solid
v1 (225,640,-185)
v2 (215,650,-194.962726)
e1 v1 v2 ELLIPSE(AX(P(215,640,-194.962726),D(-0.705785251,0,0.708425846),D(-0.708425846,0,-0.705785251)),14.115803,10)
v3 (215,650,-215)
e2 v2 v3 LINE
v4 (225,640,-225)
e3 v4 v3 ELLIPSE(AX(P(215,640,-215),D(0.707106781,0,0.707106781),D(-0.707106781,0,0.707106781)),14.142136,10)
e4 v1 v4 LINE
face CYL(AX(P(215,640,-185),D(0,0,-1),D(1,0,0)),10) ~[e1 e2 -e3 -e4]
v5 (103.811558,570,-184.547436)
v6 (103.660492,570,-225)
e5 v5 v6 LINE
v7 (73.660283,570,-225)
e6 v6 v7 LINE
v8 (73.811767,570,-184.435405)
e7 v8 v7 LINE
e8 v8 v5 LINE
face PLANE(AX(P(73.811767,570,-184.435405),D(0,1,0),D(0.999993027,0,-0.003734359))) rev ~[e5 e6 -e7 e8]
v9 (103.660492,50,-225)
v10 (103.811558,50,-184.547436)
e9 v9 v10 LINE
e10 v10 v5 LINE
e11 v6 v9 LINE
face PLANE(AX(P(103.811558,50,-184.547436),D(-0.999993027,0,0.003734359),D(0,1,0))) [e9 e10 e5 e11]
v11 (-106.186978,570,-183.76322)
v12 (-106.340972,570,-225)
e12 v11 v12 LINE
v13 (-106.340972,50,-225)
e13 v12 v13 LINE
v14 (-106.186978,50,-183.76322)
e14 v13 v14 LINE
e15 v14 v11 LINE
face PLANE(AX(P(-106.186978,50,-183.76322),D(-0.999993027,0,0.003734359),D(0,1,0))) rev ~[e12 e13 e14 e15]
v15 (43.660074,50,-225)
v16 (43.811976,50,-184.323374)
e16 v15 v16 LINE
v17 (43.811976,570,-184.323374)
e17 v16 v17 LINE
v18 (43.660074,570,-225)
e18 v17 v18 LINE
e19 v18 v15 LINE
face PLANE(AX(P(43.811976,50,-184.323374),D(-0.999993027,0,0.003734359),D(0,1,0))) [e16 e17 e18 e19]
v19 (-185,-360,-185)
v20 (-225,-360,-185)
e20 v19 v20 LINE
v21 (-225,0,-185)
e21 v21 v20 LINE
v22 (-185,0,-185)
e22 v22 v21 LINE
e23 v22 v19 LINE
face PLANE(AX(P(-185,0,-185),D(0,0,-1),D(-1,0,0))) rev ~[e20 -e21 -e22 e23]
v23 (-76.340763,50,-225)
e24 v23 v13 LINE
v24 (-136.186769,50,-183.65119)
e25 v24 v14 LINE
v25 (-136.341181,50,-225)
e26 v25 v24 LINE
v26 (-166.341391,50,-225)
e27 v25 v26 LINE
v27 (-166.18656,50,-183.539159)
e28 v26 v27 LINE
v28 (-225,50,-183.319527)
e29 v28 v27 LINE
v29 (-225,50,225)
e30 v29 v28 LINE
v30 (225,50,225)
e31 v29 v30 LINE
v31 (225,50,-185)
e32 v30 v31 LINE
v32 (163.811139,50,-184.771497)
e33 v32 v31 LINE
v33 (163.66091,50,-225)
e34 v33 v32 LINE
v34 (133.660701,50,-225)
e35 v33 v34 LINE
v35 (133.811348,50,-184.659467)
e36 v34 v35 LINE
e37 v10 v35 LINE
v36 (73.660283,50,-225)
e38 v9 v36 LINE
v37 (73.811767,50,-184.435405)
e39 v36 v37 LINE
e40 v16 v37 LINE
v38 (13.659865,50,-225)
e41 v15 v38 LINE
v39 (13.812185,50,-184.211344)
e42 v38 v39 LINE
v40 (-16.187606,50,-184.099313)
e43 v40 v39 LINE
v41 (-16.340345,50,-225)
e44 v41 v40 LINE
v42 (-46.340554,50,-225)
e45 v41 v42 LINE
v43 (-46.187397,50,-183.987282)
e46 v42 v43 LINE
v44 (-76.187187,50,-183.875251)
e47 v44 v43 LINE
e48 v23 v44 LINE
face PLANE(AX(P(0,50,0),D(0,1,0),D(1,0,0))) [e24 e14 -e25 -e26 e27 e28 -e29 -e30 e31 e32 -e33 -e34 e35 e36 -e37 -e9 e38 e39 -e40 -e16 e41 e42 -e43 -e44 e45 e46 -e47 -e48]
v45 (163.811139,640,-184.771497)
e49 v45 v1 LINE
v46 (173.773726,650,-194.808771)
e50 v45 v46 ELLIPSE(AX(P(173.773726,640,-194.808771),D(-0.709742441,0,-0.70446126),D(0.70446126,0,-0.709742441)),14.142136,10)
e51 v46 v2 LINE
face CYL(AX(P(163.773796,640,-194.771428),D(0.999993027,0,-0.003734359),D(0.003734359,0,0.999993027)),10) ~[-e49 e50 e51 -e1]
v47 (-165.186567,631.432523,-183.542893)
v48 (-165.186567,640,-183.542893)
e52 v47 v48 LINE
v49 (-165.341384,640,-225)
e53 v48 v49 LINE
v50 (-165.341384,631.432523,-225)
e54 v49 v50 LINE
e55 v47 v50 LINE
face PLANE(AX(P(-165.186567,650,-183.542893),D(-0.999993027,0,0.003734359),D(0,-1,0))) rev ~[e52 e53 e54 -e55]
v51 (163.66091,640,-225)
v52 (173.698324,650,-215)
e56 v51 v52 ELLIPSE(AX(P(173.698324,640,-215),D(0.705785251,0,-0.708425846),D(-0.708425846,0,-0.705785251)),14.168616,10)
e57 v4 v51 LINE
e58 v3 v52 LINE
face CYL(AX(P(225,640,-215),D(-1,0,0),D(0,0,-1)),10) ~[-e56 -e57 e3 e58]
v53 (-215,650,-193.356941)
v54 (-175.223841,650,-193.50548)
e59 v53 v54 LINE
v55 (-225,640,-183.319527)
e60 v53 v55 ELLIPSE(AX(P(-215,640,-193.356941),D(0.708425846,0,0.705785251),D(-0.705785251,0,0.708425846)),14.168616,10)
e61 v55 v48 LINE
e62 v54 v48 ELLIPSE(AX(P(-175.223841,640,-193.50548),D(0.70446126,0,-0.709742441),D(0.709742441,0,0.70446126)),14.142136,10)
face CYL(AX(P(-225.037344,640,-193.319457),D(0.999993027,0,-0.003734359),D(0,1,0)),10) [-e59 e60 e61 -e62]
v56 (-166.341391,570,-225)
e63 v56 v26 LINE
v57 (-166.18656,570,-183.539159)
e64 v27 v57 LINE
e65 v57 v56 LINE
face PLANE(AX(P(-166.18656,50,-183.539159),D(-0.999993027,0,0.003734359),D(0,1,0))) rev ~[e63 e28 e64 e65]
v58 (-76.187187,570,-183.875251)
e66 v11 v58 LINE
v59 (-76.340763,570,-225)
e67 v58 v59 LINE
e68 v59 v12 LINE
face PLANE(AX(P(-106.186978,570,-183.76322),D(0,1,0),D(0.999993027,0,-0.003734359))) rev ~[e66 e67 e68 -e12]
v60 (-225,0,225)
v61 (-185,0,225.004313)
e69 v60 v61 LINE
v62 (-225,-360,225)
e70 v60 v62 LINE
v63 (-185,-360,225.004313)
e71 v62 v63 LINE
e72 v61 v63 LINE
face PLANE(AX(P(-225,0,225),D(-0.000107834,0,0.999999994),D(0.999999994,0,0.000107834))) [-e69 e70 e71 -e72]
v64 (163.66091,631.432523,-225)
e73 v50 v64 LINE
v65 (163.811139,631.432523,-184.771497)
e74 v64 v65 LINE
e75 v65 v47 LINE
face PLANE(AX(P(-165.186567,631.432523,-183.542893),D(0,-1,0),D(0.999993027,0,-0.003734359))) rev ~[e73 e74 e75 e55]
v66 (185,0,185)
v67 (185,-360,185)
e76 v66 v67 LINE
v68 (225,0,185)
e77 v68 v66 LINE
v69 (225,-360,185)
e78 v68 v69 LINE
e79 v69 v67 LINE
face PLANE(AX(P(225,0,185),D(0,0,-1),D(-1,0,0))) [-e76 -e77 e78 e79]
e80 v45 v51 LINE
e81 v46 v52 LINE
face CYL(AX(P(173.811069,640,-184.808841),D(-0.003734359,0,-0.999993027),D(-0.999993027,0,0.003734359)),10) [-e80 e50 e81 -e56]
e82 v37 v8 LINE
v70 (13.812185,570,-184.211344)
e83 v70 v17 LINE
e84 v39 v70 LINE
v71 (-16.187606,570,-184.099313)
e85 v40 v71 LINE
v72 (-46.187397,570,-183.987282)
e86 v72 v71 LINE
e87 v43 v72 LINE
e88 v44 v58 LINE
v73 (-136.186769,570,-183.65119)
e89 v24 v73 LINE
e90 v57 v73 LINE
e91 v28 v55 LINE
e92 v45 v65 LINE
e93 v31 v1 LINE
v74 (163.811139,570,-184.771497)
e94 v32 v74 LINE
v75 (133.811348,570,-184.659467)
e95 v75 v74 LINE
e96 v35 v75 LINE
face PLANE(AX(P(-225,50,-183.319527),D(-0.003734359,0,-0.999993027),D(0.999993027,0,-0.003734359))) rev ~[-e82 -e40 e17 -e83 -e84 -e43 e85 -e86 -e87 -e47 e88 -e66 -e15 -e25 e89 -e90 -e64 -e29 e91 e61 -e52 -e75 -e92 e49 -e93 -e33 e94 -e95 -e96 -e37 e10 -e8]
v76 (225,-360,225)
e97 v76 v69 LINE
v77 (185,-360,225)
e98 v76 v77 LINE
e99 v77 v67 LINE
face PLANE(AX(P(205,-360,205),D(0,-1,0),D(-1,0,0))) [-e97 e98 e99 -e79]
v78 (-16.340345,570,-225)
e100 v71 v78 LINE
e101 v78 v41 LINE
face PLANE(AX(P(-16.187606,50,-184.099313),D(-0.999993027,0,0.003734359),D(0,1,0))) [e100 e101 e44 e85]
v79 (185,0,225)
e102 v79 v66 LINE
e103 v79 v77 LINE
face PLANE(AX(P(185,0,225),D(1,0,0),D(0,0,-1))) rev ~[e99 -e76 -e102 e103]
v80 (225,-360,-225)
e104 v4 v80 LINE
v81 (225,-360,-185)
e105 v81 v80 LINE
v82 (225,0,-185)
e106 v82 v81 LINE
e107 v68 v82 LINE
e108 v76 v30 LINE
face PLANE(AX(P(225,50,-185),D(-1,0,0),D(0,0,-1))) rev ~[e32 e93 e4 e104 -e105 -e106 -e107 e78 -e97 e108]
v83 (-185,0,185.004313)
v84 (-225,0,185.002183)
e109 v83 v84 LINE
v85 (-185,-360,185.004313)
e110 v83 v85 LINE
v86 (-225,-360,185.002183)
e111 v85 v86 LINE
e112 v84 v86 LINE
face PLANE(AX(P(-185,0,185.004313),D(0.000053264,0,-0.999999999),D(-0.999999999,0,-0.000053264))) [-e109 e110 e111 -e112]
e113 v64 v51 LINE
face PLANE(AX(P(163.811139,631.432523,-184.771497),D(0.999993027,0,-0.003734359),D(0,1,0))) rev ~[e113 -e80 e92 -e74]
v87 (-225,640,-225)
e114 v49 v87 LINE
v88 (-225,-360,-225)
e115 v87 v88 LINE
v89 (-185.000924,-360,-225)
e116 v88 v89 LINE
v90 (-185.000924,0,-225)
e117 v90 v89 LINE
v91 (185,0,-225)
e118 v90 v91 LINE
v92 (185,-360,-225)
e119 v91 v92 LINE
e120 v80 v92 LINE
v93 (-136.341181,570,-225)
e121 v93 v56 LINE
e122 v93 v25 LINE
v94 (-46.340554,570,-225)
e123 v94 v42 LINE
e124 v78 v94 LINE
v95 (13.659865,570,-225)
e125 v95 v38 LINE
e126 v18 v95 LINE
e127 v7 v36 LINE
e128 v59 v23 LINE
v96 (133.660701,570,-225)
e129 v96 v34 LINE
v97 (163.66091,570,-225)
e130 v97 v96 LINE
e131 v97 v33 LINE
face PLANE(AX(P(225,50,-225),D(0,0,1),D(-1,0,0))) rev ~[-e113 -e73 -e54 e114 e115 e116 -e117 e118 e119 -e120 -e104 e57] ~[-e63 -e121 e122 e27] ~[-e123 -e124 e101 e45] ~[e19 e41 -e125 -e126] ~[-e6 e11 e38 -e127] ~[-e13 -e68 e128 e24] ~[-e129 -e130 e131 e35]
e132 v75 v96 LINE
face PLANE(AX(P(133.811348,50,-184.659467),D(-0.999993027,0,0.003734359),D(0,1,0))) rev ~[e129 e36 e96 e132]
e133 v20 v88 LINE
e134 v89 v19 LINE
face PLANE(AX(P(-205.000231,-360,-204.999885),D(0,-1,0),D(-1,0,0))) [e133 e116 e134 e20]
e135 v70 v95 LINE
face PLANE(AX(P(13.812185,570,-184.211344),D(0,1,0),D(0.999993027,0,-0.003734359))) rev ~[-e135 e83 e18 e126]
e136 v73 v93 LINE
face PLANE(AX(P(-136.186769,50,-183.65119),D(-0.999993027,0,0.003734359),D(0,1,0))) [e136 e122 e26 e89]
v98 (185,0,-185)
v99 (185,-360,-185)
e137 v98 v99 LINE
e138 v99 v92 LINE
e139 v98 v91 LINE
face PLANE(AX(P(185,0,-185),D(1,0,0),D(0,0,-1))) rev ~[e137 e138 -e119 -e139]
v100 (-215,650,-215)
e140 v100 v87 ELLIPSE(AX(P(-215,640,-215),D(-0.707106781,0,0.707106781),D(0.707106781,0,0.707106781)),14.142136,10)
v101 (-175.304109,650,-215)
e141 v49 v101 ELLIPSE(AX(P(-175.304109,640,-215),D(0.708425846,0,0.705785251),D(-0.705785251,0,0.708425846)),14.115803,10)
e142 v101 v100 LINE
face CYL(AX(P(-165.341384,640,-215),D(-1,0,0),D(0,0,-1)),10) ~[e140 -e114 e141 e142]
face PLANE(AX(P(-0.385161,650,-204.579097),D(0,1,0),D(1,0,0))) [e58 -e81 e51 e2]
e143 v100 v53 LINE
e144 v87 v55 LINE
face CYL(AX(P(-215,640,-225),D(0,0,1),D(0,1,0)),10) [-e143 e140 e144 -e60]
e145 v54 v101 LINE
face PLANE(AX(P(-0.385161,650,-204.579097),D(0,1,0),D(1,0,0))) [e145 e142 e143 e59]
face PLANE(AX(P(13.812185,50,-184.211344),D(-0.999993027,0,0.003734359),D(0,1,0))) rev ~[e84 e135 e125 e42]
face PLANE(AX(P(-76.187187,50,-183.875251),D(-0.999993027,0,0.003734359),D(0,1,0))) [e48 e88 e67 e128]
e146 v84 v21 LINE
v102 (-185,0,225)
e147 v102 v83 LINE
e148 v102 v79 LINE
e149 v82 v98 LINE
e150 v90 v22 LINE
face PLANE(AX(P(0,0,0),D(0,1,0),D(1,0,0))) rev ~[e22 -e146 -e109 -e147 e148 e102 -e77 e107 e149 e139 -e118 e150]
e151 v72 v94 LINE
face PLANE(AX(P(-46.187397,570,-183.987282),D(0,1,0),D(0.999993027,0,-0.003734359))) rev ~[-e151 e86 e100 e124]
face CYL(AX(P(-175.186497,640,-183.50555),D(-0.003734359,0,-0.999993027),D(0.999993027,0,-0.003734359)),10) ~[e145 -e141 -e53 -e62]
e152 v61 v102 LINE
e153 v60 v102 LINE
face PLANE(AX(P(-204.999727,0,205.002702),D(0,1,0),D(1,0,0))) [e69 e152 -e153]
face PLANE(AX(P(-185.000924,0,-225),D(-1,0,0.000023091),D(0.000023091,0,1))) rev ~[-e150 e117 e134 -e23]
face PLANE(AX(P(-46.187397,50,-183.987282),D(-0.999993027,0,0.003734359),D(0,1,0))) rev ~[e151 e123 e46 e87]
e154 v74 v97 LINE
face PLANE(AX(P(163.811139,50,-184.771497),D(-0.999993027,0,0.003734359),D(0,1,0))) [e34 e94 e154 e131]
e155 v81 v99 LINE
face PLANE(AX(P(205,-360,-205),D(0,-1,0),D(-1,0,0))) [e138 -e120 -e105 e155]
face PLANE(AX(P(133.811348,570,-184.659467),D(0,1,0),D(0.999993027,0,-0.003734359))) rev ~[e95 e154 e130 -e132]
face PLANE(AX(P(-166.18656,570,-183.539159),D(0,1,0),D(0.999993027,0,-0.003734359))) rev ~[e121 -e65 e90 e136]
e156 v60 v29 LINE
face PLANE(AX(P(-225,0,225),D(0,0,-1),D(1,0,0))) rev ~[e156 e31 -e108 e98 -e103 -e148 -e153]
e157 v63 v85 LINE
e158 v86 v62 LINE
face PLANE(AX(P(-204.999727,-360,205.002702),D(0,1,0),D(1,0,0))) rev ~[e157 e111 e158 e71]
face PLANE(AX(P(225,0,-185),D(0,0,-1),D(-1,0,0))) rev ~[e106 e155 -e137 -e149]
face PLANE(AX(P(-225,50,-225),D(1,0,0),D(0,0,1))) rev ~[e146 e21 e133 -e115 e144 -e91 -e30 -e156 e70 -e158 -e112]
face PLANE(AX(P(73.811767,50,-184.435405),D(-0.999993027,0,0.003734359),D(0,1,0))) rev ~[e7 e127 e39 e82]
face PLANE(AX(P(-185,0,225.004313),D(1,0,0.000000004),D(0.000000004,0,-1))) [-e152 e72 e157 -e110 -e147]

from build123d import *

# Parameters (mm, degrees)
SKETCH1_W           = 450
SKETCH1_H           = 450
BOSS_EXTRUDE1_DEPTH = 50
SKETCH2_W           = 40
SKETCH2_H           = 40
BOSS_EXTRUDE2_DEPTH = 360
BOSS_EXTRUDE3_DEPTH = 600
SKETCH4_W           = 30
SKETCH4_H           = 520
CUT_EXTRUDE2_DEPTH  = 300
FILLET2_R           = 10
FILLET4_R           = 10


with BuildPart() as part:
    # Sketch1 → Boss-Extrude1 (new body)
    with BuildSketch(Plane(origin=(0, 0, 0), x_dir=(1, 0, 0), z_dir=(0, 1, 0))):
        Rectangle(SKETCH1_W, SKETCH1_H)
    extrude(amount=BOSS_EXTRUDE1_DEPTH)

    # Sketch2 → Boss-Extrude2 (add)
    with BuildSketch(Plane(origin=(0, 0, 0), x_dir=(-1, 0, 0), z_dir=(0, -1, 0))):
        Polygon((225, -225), (185.000000233, -225.004313347), (185.000000057, -185.004313347), (225, -185.002182787), align=None)
        Polygon((185.000923636, 225), (185, 185.000000011), (225, 185.000000011), (225, 225), align=None)
        with Locations((-205, 205)):
            Rectangle(SKETCH2_W, SKETCH2_H)
        with Locations((-205, -205)):
            Rectangle(SKETCH2_W, SKETCH2_H)
    extrude(amount=BOSS_EXTRUDE2_DEPTH)

    # Sketch3 → Boss-Extrude3 (add)
    with BuildSketch(Plane(origin=(0, 50, 0), x_dir=(1, 0, 0), z_dir=(0, 1, 0))):
        Polygon((-225, 225), (-225, 183.319526978), (225, 185.000000043), (225, 225), align=None)
    extrude(amount=BOSS_EXTRUDE3_DEPTH)

    # Sketch4 → Cut-Extrude2 (cut, symmetric)
    with BuildSketch(Plane(origin=(-0.687713792, 0, -184.157195323), x_dir=(0.999993027, 0, -0.003734359), z_dir=(0.003734359, 0, 0.999993027))):
        with Locations((-150.5, 310)):
            Rectangle(SKETCH4_W, SKETCH4_H)
        with Locations((89.5, 310)):
            Rectangle(SKETCH4_W, SKETCH4_H)
        with Locations((-90.5, 310)):
            Rectangle(SKETCH4_W, SKETCH4_H)
        with Locations((-30.5, 310)):
            Rectangle(SKETCH4_W, SKETCH4_H)
        with Locations((149.5, 310)):
            Rectangle(SKETCH4_W, SKETCH4_H)
        with Locations((29.5, 310)):
            Rectangle(SKETCH4_W, SKETCH4_H)
        Polygon((-164.5, 631.432523358), (164.5, 631.432523358), (164.5, 652.515401433), (-164.5, 650), align=None)
    extrude(amount=CUT_EXTRUDE2_DEPTH, both=True, mode=Mode.SUBTRACT)

    # Fillet2
    fillet2_edges = [part.edges().sort_by_distance(p)[0] for p in [
        (194.330455246, 650, -225),
        (225, 650, -205.000000022),
        (194.405569596, 650, -184.885748674),
        (163.736024842, 650, -204.885748652),
    ]]
    fillet(fillet2_edges, radius=FILLET2_R)

    # Fillet4
    fillet4_edges = [part.edges().sort_by_distance(p)[0] for p in [
        (-225, 650, -204.159763489),
        (-195.093283388, 650, -183.43121016),
        (-195.170691778, 650, -225),
        (-165.263975166, 650, -204.271446671),
    ]]
    fillet(fillet4_edges, radius=FILLET4_R)


solid = part.part
